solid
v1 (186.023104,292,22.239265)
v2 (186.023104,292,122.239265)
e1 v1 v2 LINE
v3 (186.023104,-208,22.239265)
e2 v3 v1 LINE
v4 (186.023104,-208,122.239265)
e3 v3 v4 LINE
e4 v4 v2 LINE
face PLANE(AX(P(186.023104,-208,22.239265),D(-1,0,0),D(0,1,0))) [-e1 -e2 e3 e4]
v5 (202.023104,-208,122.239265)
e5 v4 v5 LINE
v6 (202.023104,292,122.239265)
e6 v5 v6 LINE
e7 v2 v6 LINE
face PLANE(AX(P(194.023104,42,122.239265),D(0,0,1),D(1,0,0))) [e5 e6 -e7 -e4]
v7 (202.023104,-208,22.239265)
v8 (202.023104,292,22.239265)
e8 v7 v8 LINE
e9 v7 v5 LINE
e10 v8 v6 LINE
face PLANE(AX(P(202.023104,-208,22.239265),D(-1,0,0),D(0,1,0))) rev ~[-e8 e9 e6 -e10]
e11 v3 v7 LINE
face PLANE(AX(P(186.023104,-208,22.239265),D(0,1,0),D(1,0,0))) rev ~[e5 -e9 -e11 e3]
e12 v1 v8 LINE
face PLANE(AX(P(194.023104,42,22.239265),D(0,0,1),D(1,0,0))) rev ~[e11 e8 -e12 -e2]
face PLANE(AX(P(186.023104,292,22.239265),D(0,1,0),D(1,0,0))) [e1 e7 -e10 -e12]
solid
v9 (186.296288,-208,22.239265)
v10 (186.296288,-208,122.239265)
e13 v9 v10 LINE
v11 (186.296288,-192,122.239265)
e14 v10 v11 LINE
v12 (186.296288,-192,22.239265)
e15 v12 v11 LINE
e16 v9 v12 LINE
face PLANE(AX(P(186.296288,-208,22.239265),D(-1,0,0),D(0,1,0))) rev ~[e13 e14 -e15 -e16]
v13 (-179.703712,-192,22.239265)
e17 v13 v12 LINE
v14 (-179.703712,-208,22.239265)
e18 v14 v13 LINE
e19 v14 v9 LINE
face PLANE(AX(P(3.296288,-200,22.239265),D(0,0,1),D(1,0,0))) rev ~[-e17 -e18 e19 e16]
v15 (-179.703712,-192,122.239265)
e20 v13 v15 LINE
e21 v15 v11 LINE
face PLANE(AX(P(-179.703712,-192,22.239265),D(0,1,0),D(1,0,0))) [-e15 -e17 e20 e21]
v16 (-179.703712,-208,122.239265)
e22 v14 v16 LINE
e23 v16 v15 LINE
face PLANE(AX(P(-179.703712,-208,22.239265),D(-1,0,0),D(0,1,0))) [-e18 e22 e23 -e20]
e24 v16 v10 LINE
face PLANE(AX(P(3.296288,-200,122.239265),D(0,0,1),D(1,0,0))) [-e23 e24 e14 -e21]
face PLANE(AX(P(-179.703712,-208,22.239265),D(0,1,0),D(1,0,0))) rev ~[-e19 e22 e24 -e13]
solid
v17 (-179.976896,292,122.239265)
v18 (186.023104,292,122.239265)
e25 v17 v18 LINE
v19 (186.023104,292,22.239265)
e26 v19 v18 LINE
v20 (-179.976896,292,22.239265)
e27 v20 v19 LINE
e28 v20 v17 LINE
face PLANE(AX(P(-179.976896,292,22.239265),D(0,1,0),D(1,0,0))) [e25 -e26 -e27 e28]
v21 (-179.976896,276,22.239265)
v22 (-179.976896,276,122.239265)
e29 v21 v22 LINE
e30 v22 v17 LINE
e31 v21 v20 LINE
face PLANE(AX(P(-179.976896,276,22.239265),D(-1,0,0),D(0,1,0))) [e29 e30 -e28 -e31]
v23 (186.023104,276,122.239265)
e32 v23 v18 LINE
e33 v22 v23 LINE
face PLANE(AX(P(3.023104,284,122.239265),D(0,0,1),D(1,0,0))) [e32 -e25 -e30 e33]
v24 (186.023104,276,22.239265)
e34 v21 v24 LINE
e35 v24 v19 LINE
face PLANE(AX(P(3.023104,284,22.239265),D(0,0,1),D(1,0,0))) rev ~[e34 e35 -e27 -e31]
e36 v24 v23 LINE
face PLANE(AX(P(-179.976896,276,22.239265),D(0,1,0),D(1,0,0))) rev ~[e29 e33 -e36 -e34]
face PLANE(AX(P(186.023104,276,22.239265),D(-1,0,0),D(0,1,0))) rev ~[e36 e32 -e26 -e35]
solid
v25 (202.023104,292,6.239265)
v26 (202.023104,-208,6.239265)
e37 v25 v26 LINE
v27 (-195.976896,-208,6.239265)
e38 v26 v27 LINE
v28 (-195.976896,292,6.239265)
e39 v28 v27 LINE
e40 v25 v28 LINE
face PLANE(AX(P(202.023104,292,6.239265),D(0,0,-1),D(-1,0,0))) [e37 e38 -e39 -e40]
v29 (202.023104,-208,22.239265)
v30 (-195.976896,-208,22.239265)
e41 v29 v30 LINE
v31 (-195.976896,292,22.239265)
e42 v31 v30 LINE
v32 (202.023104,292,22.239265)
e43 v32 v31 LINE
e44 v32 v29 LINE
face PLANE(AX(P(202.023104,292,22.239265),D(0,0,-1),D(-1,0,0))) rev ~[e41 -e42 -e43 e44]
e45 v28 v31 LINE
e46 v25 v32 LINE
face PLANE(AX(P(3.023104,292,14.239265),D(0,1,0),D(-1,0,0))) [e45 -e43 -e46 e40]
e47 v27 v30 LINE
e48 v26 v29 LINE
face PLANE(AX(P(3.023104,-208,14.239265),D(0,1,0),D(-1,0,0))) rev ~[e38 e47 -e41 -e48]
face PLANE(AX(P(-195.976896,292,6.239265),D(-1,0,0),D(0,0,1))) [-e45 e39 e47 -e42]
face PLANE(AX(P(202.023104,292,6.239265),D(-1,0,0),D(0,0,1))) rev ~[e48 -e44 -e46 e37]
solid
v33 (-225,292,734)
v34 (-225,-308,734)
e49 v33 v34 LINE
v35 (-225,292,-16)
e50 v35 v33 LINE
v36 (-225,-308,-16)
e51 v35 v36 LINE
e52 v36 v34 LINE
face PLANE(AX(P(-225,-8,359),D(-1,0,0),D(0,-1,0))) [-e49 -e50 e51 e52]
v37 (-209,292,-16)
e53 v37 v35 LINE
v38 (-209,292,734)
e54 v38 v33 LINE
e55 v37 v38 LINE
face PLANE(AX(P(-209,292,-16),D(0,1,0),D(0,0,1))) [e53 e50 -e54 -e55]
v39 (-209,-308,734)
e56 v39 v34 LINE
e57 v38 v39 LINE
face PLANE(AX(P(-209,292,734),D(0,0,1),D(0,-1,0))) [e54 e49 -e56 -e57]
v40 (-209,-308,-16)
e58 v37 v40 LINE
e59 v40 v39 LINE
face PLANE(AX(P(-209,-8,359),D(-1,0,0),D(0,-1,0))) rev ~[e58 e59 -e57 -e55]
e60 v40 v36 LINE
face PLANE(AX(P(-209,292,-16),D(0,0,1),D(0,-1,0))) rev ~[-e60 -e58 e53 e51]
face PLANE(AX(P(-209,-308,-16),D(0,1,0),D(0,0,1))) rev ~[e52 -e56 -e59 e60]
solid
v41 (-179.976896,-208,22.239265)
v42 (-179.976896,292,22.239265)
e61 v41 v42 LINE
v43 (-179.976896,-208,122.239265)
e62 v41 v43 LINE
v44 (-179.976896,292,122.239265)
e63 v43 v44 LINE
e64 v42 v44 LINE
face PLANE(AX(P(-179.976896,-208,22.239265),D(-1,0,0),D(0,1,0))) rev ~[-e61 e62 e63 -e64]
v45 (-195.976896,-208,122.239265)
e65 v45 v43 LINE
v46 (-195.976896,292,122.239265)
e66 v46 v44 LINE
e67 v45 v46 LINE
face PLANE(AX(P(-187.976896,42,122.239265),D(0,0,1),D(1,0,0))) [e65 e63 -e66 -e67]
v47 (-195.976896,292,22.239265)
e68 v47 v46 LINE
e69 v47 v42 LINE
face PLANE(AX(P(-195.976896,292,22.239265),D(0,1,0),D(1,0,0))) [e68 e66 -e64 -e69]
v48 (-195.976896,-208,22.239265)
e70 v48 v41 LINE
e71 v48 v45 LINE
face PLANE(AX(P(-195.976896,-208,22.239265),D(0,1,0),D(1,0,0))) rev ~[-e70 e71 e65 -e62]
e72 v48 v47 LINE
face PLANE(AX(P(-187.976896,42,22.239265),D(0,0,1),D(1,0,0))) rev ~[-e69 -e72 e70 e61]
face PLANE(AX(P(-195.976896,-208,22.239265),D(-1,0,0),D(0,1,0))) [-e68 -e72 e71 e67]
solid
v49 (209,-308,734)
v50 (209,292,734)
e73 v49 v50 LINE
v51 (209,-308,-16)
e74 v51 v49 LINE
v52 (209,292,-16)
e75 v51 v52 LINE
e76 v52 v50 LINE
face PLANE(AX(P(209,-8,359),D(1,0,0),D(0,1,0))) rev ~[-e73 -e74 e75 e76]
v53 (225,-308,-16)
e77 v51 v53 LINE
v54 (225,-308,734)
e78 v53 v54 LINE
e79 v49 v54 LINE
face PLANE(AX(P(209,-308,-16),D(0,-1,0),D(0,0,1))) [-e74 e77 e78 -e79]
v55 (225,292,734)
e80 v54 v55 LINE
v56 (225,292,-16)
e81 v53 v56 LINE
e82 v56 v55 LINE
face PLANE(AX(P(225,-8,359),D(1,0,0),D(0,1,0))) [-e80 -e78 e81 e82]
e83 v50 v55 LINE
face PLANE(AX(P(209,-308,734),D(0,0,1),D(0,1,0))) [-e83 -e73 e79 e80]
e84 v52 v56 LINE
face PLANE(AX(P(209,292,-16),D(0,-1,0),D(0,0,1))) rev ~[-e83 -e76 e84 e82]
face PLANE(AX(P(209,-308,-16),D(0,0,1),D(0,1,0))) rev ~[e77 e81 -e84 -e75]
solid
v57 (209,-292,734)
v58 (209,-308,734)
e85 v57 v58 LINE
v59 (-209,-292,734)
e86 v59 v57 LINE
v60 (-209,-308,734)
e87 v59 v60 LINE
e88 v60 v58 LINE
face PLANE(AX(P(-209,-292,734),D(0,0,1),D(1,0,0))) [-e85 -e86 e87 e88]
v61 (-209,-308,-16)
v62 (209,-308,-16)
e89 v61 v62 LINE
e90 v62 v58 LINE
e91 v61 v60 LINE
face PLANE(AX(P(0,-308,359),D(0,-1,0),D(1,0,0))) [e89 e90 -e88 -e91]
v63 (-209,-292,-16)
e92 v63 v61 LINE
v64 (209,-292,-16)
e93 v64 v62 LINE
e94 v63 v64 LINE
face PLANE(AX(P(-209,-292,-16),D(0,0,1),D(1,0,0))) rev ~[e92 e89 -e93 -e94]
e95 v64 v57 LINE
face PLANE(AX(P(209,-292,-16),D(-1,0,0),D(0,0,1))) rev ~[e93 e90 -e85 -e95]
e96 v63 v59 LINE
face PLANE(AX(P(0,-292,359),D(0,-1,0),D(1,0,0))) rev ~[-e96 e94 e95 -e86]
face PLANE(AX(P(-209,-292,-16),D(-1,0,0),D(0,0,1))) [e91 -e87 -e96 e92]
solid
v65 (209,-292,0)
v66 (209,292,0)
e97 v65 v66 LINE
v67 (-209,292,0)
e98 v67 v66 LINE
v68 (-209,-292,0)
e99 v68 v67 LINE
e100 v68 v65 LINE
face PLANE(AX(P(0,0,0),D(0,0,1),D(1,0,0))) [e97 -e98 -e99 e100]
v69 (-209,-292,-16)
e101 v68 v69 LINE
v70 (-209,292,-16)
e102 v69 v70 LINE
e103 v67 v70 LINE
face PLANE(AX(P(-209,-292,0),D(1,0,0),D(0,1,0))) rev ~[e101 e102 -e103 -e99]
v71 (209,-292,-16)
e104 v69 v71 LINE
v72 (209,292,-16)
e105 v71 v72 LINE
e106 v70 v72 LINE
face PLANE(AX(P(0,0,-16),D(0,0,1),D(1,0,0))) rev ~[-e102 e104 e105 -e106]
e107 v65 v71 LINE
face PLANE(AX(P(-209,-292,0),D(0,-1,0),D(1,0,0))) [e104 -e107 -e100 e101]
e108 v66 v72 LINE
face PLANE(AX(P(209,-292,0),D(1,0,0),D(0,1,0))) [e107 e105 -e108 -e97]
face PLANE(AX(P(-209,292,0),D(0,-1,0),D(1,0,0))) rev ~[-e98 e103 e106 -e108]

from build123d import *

# Parameters (mm, degrees)
F0_W      = 418
F0_H      = 584
F1_DEPTH  = 16
F2_W      = 418
F2_H      = 750
F3_DEPTH  = 16
F4_W      = 600
F4_H      = 750
F5_DEPTH  = 16
F6_W      = 600
F6_H      = 750
F7_DEPTH  = 16
F8_W      = 398
F8_H      = 16
F9_DEPTH  = 500
F10_W     = 16
F10_H     = 500
F11_DEPTH = 100
F12_W     = 16
F12_H     = 500
F13_DEPTH = 100
F14_W     = 366
F14_H     = 16
F15_DEPTH = 100
F16_W     = 366
F16_H     = 16
F17_DEPTH = 100


with BuildPart() as f1:
    # F0 (on Top) → F1 (new body)
    with BuildSketch(Plane.XY):
        Rectangle(F0_W, F0_H)
    extrude(amount=-F1_DEPTH)


with BuildPart() as f3:
    # F2 (on face) → F3 (new body)
    with BuildSketch(Plane.XZ.offset(292)):
        with Locations((0, 359)):
            Rectangle(F2_W, F2_H)
    extrude(amount=F3_DEPTH)


with BuildPart() as f5:
    # F4 (on face) → F5 (new body)
    with BuildSketch(Plane.YZ.offset(209)):
        with Locations((-8, 359)):
            Rectangle(F4_W, F4_H)
    extrude(amount=F5_DEPTH)


with BuildPart() as f7:
    # F6 (on face) → F7 (new body)
    with BuildSketch(Plane(origin=(-209, 0, 0), x_dir=(0, -1, 0), z_dir=(-1, 0, 0))):
        with Locations((8, 359)):
            Rectangle(F6_W, F6_H)
    extrude(amount=F7_DEPTH)


with BuildPart() as f9:
    # F8 (on face) → F9 (new body)
    with BuildSketch(Plane(origin=(0, 292, 0), x_dir=(-1, 0, 0), z_dir=(0, 1, 0))):
        with Locations((-3.023104, 14.239265)):
            Rectangle(F8_W, F8_H)
    extrude(amount=-F9_DEPTH)


with BuildPart() as f11:
    # F10 (on face) → F11 (new body)
    with BuildSketch(Plane.XY.offset(22.239265)):
        with Locations((194.023104, 42)):
            Rectangle(F10_W, F10_H)
    extrude(amount=F11_DEPTH)


with BuildPart() as f13:
    # F12 (on face) → F13 (new body)
    with BuildSketch(Plane.XY.offset(22.239265)):
        with Locations((-187.976896, 42)):
            Rectangle(F12_W, F12_H)
    extrude(amount=F13_DEPTH)


with BuildPart() as f15:
    # F14 (on face) → F15 (new body)
    with BuildSketch(Plane.XY.offset(22.239265)):
        with Locations((3.296288, -200)):
            Rectangle(F14_W, F14_H)
    extrude(amount=F15_DEPTH)


with BuildPart() as f17:
    # F16 (on face) → F17 (new body)
    with BuildSketch(Plane.XY.offset(22.239265)):
        with Locations((3.023104, 284)):
            Rectangle(F16_W, F16_H)
    extrude(amount=F17_DEPTH)


solid = Compound([f1.part, f3.part, f5.part, f7.part, f9.part, f11.part, f13.part, f15.part, f17.part])
